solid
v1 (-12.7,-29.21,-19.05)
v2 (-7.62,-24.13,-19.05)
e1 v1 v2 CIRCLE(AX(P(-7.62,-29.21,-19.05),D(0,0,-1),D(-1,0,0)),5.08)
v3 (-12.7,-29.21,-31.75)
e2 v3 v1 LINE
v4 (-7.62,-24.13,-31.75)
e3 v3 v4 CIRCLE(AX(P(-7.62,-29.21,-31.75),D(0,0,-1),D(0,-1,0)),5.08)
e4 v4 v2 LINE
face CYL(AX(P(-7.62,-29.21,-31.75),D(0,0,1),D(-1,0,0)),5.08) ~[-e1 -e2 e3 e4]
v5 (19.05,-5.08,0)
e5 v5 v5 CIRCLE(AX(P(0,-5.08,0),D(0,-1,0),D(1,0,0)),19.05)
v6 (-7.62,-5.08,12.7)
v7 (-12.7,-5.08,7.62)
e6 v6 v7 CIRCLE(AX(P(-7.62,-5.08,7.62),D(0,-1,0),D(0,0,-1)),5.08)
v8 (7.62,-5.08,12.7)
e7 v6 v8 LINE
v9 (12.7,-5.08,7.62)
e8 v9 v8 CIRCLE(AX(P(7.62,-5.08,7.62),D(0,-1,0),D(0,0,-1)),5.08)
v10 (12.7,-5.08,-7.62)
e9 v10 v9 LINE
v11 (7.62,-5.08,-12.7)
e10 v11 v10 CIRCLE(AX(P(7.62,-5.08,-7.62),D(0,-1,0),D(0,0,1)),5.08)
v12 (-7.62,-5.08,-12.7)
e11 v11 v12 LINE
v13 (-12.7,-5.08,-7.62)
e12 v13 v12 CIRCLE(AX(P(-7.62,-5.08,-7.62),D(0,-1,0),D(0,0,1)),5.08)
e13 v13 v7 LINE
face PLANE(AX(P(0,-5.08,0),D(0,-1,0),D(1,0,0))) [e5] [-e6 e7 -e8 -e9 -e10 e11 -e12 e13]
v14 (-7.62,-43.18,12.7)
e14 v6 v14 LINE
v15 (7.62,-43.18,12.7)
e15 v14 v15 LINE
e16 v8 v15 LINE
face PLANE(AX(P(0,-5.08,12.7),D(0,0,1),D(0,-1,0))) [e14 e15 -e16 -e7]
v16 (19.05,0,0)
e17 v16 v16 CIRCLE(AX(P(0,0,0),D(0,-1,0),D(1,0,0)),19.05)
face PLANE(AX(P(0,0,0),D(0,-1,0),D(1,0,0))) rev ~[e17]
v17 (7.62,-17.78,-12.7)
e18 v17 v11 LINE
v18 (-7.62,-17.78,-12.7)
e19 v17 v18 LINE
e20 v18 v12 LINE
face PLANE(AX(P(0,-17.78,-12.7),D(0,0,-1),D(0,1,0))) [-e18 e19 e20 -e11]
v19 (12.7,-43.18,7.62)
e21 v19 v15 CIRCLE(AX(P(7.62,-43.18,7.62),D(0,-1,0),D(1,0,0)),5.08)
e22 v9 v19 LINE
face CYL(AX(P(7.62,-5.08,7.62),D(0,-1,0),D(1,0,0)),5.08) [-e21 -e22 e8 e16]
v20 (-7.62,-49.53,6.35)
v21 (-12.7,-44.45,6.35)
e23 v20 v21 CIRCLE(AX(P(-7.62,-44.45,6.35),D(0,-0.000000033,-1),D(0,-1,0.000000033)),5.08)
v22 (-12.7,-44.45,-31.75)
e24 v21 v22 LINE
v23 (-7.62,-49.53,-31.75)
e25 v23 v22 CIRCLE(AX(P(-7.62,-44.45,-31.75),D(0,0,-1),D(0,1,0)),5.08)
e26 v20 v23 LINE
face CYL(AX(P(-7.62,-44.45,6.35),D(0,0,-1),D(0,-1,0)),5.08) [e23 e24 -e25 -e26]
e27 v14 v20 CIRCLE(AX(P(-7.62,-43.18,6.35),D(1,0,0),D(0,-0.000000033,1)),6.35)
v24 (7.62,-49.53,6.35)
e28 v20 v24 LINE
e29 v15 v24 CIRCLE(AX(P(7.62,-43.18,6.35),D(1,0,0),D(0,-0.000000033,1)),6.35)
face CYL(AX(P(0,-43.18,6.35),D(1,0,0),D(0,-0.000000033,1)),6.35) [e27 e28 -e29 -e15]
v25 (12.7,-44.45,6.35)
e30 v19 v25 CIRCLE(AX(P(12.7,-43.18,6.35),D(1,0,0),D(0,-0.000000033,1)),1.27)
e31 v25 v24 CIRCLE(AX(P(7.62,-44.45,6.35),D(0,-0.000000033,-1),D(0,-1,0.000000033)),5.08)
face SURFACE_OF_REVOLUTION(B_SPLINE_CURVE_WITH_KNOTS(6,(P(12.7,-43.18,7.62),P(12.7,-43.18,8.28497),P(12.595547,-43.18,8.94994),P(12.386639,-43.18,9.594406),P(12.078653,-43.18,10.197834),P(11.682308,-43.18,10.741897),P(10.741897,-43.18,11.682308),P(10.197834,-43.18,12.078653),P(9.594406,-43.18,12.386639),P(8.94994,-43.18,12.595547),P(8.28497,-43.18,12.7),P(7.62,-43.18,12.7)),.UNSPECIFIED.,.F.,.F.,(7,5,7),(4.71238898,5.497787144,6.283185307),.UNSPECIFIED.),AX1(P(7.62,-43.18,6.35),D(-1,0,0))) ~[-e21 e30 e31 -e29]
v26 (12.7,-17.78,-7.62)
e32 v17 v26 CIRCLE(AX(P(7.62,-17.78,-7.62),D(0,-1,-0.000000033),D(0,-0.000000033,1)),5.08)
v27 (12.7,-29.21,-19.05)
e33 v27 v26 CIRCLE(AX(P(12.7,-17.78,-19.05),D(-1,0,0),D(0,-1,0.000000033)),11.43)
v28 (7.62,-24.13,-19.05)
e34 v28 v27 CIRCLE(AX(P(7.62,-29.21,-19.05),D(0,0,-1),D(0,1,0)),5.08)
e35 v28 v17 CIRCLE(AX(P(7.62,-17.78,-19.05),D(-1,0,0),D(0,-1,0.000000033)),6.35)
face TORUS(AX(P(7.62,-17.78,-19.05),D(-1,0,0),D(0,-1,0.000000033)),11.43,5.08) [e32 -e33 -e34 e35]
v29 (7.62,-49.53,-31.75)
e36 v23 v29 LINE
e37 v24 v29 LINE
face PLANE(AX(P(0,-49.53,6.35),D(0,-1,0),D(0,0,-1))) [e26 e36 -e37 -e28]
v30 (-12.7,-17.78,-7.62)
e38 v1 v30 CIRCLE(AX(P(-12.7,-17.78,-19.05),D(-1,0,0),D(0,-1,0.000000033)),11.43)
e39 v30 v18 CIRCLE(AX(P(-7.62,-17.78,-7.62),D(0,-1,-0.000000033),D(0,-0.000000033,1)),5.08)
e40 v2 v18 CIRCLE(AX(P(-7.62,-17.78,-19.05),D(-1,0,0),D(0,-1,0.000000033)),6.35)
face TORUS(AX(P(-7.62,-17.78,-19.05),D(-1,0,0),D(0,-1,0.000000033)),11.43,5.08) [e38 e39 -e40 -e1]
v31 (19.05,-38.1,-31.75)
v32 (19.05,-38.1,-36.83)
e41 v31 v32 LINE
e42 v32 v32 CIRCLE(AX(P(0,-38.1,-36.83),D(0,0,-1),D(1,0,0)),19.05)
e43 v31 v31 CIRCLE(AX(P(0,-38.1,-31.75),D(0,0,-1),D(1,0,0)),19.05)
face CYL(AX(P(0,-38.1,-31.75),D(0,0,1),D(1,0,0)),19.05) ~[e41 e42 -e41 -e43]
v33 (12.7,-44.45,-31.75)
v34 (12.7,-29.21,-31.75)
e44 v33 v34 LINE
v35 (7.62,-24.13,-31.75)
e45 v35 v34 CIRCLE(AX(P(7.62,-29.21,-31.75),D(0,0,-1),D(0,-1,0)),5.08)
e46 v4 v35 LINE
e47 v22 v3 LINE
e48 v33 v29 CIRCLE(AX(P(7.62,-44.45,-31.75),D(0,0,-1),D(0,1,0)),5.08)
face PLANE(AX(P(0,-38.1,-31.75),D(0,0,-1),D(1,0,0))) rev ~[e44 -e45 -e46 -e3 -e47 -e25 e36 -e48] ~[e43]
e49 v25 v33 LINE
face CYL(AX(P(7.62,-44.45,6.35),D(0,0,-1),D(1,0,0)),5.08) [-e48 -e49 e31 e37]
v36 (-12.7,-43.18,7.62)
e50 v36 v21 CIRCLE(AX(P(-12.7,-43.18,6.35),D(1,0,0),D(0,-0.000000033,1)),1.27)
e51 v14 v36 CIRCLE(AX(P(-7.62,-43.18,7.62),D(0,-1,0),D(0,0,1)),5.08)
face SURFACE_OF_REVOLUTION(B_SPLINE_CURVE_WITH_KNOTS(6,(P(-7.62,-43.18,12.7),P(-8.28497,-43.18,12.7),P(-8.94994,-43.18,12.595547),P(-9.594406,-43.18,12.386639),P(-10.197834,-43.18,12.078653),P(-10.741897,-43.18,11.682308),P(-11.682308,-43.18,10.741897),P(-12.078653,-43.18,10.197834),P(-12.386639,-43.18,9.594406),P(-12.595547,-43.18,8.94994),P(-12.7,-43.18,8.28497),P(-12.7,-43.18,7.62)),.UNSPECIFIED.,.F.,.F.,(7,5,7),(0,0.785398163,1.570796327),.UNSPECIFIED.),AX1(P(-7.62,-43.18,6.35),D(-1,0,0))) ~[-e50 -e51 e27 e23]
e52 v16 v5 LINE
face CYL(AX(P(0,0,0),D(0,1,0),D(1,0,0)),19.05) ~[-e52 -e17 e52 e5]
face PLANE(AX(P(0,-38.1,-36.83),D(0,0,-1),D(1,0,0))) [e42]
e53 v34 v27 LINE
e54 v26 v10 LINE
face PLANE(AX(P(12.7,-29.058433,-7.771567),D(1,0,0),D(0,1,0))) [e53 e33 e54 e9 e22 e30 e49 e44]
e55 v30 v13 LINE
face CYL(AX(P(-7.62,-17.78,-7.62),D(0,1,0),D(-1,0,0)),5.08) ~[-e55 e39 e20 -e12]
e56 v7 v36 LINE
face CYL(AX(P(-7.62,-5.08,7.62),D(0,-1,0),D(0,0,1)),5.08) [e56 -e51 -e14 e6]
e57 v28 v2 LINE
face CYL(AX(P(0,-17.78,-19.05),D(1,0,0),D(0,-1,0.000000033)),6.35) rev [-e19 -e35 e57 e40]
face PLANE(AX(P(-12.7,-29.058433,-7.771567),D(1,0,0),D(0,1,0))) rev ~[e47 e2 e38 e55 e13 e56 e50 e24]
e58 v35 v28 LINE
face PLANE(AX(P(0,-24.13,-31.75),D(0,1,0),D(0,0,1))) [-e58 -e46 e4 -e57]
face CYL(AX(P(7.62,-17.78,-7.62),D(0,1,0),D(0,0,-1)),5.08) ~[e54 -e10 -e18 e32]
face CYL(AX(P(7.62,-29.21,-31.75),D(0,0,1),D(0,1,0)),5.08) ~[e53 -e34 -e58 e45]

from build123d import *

# Parameters (mm, degrees)
F0_R     = 19.05
F1_DEPTH = 5.08
F3_DEPTH = 12.7
F4_R     = 5.08
F5_R     = 19.05
F6_DEPTH = 5.08


with BuildPart() as f1:
    # F0 (on Front) → F1 (new body)
    with BuildSketch(Plane.XZ):
        Circle(F0_R)
    extrude(amount=F1_DEPTH)

    # F2 (on Right) → F3 (join, symmetric)
    with BuildSketch(Plane.YZ):
        with BuildLine():
            Line((-5.08, -12.7), (-5.08, 12.7))
            Line((-5.08, 12.7), (-43.18, 12.7))
            ThreePointArc((-43.18, 12.7), (-47.670128, 10.840128), (-49.53, 6.35))
            Line((-49.53, 6.35), (-49.53, -12.7))
            Line((-49.53, -12.7), (-49.53, -31.75))
            Line((-49.53, -31.75), (-24.13, -31.75))
            Line((-24.13, -31.75), (-24.13, -19.05))
            ThreePointArc((-24.13, -19.05), (-22.270128, -14.559872), (-17.78, -12.7))
            Line((-17.78, -12.7), (-5.08, -12.7))
        make_face()
    extrude(amount=F3_DEPTH, both=True)

    # F4
    f4_edges = [f1.edges().sort_by_distance(p)[0] for p in [
        (-12.7, -24.13, 12.7),
        (12.7, -24.13, 12.7),
        (12.7, -11.43, -12.7),
        (-12.7, -24.13, -25.4),
    ]]
    fillet(f4_edges, radius=F4_R)

    # F5 (on face) → F6 (join)
    with BuildSketch(Plane(origin=(0, 0, -31.75), x_dir=(1, 0, 0), z_dir=(0, 0, -1))):
        with Locations((0, 38.1)):
            Circle(F5_R)
    extrude(amount=F6_DEPTH)


solid = f1.part
